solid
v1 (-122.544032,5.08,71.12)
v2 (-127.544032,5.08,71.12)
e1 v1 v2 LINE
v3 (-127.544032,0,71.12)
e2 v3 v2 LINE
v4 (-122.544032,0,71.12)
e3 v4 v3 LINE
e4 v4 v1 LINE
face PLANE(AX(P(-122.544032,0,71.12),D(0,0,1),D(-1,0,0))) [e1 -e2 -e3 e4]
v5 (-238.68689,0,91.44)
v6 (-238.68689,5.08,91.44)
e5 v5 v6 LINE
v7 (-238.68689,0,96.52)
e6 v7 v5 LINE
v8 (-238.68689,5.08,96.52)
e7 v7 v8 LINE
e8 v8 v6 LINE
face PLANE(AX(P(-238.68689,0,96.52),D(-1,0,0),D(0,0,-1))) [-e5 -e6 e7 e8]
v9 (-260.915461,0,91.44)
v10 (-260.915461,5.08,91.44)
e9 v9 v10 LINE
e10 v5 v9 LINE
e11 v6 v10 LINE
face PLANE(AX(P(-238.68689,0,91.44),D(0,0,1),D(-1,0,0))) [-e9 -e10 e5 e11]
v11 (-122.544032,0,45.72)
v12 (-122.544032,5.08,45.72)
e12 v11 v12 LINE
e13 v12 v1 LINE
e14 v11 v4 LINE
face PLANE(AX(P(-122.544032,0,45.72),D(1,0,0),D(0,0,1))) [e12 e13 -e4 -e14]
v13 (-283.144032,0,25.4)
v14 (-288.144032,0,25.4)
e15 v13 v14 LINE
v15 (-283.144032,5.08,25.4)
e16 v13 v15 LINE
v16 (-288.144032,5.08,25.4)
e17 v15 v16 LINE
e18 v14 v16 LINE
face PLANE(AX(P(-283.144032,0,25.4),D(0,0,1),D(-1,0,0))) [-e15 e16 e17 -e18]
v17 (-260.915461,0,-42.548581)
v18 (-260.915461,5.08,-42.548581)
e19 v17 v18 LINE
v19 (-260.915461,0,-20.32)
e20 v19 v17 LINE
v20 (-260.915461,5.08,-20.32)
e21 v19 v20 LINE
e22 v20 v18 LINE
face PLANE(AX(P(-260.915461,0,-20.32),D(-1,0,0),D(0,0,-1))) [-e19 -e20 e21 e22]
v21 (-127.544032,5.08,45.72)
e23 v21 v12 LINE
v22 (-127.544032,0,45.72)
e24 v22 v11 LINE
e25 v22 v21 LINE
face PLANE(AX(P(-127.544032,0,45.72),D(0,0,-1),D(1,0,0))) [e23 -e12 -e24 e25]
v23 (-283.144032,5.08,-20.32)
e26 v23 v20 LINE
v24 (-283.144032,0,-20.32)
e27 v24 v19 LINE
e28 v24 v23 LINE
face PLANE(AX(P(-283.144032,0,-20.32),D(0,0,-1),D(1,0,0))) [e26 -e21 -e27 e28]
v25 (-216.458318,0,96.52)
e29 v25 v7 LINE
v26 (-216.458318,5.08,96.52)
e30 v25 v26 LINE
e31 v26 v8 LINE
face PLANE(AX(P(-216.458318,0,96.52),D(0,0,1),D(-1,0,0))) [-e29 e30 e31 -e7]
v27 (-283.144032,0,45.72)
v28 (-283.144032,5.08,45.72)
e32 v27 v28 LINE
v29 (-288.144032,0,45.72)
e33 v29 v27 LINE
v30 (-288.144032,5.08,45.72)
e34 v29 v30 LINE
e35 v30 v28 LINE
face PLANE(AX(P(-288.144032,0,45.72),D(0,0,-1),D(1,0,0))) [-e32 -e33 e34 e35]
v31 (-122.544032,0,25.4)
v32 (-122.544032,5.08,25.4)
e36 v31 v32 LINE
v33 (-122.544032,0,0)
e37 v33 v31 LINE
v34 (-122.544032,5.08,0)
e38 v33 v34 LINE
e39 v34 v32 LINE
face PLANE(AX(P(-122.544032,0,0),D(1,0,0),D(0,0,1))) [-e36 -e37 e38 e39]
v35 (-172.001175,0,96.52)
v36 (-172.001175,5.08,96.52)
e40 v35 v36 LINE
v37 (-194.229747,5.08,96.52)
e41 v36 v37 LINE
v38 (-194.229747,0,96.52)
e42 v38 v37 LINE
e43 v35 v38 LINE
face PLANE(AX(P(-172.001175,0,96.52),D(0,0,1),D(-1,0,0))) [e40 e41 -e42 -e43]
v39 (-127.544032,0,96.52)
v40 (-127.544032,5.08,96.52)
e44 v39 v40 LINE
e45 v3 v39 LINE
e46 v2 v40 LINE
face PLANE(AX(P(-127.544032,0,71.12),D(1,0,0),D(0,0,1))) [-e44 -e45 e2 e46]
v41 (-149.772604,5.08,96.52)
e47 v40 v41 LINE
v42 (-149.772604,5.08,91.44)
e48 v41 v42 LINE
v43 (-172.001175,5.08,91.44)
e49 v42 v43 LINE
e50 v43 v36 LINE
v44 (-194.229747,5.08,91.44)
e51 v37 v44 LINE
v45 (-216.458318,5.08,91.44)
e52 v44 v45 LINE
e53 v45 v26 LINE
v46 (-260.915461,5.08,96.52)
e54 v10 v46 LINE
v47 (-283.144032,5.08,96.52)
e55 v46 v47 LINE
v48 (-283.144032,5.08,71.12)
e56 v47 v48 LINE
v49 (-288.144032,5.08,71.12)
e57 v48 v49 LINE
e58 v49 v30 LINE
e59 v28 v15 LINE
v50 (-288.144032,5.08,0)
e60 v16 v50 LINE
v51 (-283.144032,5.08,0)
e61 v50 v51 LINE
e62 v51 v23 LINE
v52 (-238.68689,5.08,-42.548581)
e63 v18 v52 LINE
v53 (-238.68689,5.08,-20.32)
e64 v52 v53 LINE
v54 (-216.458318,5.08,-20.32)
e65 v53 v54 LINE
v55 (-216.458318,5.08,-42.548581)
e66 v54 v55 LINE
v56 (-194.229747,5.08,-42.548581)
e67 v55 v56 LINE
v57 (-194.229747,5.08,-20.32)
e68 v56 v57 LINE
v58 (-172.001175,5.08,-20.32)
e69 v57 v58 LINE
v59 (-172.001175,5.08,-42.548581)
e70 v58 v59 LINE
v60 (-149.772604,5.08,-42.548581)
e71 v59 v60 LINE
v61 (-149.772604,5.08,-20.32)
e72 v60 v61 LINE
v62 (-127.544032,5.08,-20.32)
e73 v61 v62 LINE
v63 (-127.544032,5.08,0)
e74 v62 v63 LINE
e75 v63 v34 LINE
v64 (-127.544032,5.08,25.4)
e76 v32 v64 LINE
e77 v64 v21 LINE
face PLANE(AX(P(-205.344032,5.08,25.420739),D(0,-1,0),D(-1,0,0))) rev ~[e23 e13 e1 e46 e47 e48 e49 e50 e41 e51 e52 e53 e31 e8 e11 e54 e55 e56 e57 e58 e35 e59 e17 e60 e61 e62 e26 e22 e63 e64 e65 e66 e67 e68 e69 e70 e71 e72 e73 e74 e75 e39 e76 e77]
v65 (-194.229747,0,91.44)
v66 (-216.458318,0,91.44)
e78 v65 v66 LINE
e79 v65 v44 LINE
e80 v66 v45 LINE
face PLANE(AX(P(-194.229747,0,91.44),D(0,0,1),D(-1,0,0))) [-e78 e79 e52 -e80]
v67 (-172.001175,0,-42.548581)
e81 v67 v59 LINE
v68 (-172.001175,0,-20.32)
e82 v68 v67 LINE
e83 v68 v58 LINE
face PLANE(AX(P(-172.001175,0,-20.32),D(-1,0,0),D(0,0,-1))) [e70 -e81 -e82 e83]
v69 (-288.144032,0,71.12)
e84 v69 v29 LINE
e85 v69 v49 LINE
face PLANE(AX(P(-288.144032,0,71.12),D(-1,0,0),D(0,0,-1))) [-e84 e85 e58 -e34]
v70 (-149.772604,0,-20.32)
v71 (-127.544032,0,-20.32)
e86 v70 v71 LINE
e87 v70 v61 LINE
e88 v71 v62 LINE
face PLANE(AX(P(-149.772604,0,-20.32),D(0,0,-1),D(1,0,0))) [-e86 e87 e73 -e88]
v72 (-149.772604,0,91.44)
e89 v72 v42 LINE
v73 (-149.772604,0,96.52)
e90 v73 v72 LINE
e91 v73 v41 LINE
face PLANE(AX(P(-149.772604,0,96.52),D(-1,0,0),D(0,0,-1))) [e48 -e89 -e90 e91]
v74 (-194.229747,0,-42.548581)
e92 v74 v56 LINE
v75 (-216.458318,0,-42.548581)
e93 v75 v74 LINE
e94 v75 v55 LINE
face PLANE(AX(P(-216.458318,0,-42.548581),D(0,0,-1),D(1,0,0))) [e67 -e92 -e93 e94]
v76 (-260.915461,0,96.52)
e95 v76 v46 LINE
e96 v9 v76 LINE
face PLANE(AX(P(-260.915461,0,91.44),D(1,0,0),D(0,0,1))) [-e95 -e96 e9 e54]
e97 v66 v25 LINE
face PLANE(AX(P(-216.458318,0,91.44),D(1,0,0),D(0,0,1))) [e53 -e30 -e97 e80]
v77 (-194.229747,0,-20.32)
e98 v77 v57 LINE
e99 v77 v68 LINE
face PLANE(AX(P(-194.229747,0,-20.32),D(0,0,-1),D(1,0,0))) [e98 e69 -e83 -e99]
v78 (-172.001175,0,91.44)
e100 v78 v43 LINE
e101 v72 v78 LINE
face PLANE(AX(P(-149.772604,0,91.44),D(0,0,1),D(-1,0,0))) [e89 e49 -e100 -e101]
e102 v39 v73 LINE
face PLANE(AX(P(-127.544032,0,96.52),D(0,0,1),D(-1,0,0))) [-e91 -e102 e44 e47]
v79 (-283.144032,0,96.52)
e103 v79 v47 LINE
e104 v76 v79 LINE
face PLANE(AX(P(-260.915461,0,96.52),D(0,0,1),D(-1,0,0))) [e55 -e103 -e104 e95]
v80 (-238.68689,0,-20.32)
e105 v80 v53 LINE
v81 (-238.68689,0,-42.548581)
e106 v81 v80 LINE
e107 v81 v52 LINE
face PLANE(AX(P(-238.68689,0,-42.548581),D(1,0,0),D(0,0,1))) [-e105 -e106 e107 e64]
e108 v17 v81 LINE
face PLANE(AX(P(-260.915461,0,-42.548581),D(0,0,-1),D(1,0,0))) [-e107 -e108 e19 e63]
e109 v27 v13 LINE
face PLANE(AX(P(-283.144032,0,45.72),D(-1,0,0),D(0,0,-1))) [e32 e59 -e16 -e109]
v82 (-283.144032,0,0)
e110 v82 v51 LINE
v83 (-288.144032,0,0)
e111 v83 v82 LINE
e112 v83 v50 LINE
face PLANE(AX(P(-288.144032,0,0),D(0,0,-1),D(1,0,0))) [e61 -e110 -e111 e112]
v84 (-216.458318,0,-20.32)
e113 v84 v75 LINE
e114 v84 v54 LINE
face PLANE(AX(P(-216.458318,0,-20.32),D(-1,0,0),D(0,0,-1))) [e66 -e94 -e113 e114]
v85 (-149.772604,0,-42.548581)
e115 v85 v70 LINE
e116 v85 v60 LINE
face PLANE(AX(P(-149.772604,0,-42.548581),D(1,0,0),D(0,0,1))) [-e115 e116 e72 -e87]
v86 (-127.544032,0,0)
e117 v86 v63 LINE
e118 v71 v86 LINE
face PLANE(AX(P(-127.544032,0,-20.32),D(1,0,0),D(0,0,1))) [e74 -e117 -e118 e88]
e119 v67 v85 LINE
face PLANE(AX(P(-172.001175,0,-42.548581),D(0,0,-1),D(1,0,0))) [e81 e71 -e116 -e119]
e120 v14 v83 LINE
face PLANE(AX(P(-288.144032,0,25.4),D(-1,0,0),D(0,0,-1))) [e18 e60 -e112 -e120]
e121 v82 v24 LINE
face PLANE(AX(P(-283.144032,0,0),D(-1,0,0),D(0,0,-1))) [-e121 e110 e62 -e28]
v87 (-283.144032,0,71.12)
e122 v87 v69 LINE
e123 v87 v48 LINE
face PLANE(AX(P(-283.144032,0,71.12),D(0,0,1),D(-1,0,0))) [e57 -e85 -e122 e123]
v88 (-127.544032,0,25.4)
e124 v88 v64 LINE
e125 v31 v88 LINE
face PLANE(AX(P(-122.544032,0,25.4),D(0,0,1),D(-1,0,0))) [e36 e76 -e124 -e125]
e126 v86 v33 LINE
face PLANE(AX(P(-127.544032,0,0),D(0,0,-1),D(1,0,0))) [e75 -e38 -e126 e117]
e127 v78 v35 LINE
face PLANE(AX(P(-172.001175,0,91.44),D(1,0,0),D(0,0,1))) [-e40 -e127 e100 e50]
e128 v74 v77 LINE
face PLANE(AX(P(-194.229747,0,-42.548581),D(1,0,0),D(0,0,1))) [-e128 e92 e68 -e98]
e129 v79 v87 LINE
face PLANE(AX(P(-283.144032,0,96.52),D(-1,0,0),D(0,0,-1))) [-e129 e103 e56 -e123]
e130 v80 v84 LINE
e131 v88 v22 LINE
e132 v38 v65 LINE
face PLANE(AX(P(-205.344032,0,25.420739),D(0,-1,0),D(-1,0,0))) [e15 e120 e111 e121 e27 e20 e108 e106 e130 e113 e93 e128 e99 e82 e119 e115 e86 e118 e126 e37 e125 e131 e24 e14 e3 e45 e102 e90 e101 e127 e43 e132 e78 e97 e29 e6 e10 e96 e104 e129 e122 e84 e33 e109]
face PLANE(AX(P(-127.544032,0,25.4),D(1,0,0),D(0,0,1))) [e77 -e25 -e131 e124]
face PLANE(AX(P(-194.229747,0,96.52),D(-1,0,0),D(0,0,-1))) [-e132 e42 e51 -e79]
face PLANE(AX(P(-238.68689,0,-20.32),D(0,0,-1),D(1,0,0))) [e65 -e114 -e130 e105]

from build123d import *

# Parameters (mm, degrees)
BOSS_EXTRUDE2_DEPTH = 5.08


with BuildPart() as part:
    # Sketch3 → Boss-Extrude2 (new body)
    with BuildSketch(Plane(origin=(0, 0, 0), x_dir=(1, 0, 0), z_dir=(0, 1, 0))):
        Polygon((-283.144032451, 20.32), (-260.915461022, 20.32), (-260.915461022, 42.5485814), (-238.686889594, 42.5485814), (-238.686889594, 20.32), (-216.458318165, 20.32), (-216.458318165, 42.5485814), (-194.229746737, 42.5485814), (-194.229746737, 20.32), (-172.001175308, 20.32), (-172.001175308, 42.5485814), (-149.772603879, 42.5485814), (-149.772603879, 20.32), (-127.544032451, 20.32), (-127.544032451, 0), (-122.544032451, 0), (-122.544032451, -25.4), (-127.544032451, -25.4), (-127.544032451, -45.72), (-122.544032451, -45.72), (-122.544032451, -71.12), (-127.544032451, -71.12), (-127.544032451, -96.52), (-149.772603879, -96.52), (-149.772603879, -91.44), (-172.001175308, -91.44), (-172.001175308, -96.52), (-194.229746737, -96.52), (-194.229746737, -91.44), (-216.458318165, -91.44), (-216.458318165, -96.52), (-238.686889594, -96.52), (-238.686889594, -91.44), (-260.915461022, -91.44), (-260.915461022, -96.52), (-283.144032451, -96.52), (-283.144032451, -71.12), (-288.144032451, -71.12), (-288.144032451, -45.72), (-283.144032451, -45.72), (-283.144032451, -25.4), (-288.144032451, -25.4), (-288.144032451, 0), (-283.144032451, 0), align=None)
    extrude(amount=BOSS_EXTRUDE2_DEPTH)


solid = part.part
